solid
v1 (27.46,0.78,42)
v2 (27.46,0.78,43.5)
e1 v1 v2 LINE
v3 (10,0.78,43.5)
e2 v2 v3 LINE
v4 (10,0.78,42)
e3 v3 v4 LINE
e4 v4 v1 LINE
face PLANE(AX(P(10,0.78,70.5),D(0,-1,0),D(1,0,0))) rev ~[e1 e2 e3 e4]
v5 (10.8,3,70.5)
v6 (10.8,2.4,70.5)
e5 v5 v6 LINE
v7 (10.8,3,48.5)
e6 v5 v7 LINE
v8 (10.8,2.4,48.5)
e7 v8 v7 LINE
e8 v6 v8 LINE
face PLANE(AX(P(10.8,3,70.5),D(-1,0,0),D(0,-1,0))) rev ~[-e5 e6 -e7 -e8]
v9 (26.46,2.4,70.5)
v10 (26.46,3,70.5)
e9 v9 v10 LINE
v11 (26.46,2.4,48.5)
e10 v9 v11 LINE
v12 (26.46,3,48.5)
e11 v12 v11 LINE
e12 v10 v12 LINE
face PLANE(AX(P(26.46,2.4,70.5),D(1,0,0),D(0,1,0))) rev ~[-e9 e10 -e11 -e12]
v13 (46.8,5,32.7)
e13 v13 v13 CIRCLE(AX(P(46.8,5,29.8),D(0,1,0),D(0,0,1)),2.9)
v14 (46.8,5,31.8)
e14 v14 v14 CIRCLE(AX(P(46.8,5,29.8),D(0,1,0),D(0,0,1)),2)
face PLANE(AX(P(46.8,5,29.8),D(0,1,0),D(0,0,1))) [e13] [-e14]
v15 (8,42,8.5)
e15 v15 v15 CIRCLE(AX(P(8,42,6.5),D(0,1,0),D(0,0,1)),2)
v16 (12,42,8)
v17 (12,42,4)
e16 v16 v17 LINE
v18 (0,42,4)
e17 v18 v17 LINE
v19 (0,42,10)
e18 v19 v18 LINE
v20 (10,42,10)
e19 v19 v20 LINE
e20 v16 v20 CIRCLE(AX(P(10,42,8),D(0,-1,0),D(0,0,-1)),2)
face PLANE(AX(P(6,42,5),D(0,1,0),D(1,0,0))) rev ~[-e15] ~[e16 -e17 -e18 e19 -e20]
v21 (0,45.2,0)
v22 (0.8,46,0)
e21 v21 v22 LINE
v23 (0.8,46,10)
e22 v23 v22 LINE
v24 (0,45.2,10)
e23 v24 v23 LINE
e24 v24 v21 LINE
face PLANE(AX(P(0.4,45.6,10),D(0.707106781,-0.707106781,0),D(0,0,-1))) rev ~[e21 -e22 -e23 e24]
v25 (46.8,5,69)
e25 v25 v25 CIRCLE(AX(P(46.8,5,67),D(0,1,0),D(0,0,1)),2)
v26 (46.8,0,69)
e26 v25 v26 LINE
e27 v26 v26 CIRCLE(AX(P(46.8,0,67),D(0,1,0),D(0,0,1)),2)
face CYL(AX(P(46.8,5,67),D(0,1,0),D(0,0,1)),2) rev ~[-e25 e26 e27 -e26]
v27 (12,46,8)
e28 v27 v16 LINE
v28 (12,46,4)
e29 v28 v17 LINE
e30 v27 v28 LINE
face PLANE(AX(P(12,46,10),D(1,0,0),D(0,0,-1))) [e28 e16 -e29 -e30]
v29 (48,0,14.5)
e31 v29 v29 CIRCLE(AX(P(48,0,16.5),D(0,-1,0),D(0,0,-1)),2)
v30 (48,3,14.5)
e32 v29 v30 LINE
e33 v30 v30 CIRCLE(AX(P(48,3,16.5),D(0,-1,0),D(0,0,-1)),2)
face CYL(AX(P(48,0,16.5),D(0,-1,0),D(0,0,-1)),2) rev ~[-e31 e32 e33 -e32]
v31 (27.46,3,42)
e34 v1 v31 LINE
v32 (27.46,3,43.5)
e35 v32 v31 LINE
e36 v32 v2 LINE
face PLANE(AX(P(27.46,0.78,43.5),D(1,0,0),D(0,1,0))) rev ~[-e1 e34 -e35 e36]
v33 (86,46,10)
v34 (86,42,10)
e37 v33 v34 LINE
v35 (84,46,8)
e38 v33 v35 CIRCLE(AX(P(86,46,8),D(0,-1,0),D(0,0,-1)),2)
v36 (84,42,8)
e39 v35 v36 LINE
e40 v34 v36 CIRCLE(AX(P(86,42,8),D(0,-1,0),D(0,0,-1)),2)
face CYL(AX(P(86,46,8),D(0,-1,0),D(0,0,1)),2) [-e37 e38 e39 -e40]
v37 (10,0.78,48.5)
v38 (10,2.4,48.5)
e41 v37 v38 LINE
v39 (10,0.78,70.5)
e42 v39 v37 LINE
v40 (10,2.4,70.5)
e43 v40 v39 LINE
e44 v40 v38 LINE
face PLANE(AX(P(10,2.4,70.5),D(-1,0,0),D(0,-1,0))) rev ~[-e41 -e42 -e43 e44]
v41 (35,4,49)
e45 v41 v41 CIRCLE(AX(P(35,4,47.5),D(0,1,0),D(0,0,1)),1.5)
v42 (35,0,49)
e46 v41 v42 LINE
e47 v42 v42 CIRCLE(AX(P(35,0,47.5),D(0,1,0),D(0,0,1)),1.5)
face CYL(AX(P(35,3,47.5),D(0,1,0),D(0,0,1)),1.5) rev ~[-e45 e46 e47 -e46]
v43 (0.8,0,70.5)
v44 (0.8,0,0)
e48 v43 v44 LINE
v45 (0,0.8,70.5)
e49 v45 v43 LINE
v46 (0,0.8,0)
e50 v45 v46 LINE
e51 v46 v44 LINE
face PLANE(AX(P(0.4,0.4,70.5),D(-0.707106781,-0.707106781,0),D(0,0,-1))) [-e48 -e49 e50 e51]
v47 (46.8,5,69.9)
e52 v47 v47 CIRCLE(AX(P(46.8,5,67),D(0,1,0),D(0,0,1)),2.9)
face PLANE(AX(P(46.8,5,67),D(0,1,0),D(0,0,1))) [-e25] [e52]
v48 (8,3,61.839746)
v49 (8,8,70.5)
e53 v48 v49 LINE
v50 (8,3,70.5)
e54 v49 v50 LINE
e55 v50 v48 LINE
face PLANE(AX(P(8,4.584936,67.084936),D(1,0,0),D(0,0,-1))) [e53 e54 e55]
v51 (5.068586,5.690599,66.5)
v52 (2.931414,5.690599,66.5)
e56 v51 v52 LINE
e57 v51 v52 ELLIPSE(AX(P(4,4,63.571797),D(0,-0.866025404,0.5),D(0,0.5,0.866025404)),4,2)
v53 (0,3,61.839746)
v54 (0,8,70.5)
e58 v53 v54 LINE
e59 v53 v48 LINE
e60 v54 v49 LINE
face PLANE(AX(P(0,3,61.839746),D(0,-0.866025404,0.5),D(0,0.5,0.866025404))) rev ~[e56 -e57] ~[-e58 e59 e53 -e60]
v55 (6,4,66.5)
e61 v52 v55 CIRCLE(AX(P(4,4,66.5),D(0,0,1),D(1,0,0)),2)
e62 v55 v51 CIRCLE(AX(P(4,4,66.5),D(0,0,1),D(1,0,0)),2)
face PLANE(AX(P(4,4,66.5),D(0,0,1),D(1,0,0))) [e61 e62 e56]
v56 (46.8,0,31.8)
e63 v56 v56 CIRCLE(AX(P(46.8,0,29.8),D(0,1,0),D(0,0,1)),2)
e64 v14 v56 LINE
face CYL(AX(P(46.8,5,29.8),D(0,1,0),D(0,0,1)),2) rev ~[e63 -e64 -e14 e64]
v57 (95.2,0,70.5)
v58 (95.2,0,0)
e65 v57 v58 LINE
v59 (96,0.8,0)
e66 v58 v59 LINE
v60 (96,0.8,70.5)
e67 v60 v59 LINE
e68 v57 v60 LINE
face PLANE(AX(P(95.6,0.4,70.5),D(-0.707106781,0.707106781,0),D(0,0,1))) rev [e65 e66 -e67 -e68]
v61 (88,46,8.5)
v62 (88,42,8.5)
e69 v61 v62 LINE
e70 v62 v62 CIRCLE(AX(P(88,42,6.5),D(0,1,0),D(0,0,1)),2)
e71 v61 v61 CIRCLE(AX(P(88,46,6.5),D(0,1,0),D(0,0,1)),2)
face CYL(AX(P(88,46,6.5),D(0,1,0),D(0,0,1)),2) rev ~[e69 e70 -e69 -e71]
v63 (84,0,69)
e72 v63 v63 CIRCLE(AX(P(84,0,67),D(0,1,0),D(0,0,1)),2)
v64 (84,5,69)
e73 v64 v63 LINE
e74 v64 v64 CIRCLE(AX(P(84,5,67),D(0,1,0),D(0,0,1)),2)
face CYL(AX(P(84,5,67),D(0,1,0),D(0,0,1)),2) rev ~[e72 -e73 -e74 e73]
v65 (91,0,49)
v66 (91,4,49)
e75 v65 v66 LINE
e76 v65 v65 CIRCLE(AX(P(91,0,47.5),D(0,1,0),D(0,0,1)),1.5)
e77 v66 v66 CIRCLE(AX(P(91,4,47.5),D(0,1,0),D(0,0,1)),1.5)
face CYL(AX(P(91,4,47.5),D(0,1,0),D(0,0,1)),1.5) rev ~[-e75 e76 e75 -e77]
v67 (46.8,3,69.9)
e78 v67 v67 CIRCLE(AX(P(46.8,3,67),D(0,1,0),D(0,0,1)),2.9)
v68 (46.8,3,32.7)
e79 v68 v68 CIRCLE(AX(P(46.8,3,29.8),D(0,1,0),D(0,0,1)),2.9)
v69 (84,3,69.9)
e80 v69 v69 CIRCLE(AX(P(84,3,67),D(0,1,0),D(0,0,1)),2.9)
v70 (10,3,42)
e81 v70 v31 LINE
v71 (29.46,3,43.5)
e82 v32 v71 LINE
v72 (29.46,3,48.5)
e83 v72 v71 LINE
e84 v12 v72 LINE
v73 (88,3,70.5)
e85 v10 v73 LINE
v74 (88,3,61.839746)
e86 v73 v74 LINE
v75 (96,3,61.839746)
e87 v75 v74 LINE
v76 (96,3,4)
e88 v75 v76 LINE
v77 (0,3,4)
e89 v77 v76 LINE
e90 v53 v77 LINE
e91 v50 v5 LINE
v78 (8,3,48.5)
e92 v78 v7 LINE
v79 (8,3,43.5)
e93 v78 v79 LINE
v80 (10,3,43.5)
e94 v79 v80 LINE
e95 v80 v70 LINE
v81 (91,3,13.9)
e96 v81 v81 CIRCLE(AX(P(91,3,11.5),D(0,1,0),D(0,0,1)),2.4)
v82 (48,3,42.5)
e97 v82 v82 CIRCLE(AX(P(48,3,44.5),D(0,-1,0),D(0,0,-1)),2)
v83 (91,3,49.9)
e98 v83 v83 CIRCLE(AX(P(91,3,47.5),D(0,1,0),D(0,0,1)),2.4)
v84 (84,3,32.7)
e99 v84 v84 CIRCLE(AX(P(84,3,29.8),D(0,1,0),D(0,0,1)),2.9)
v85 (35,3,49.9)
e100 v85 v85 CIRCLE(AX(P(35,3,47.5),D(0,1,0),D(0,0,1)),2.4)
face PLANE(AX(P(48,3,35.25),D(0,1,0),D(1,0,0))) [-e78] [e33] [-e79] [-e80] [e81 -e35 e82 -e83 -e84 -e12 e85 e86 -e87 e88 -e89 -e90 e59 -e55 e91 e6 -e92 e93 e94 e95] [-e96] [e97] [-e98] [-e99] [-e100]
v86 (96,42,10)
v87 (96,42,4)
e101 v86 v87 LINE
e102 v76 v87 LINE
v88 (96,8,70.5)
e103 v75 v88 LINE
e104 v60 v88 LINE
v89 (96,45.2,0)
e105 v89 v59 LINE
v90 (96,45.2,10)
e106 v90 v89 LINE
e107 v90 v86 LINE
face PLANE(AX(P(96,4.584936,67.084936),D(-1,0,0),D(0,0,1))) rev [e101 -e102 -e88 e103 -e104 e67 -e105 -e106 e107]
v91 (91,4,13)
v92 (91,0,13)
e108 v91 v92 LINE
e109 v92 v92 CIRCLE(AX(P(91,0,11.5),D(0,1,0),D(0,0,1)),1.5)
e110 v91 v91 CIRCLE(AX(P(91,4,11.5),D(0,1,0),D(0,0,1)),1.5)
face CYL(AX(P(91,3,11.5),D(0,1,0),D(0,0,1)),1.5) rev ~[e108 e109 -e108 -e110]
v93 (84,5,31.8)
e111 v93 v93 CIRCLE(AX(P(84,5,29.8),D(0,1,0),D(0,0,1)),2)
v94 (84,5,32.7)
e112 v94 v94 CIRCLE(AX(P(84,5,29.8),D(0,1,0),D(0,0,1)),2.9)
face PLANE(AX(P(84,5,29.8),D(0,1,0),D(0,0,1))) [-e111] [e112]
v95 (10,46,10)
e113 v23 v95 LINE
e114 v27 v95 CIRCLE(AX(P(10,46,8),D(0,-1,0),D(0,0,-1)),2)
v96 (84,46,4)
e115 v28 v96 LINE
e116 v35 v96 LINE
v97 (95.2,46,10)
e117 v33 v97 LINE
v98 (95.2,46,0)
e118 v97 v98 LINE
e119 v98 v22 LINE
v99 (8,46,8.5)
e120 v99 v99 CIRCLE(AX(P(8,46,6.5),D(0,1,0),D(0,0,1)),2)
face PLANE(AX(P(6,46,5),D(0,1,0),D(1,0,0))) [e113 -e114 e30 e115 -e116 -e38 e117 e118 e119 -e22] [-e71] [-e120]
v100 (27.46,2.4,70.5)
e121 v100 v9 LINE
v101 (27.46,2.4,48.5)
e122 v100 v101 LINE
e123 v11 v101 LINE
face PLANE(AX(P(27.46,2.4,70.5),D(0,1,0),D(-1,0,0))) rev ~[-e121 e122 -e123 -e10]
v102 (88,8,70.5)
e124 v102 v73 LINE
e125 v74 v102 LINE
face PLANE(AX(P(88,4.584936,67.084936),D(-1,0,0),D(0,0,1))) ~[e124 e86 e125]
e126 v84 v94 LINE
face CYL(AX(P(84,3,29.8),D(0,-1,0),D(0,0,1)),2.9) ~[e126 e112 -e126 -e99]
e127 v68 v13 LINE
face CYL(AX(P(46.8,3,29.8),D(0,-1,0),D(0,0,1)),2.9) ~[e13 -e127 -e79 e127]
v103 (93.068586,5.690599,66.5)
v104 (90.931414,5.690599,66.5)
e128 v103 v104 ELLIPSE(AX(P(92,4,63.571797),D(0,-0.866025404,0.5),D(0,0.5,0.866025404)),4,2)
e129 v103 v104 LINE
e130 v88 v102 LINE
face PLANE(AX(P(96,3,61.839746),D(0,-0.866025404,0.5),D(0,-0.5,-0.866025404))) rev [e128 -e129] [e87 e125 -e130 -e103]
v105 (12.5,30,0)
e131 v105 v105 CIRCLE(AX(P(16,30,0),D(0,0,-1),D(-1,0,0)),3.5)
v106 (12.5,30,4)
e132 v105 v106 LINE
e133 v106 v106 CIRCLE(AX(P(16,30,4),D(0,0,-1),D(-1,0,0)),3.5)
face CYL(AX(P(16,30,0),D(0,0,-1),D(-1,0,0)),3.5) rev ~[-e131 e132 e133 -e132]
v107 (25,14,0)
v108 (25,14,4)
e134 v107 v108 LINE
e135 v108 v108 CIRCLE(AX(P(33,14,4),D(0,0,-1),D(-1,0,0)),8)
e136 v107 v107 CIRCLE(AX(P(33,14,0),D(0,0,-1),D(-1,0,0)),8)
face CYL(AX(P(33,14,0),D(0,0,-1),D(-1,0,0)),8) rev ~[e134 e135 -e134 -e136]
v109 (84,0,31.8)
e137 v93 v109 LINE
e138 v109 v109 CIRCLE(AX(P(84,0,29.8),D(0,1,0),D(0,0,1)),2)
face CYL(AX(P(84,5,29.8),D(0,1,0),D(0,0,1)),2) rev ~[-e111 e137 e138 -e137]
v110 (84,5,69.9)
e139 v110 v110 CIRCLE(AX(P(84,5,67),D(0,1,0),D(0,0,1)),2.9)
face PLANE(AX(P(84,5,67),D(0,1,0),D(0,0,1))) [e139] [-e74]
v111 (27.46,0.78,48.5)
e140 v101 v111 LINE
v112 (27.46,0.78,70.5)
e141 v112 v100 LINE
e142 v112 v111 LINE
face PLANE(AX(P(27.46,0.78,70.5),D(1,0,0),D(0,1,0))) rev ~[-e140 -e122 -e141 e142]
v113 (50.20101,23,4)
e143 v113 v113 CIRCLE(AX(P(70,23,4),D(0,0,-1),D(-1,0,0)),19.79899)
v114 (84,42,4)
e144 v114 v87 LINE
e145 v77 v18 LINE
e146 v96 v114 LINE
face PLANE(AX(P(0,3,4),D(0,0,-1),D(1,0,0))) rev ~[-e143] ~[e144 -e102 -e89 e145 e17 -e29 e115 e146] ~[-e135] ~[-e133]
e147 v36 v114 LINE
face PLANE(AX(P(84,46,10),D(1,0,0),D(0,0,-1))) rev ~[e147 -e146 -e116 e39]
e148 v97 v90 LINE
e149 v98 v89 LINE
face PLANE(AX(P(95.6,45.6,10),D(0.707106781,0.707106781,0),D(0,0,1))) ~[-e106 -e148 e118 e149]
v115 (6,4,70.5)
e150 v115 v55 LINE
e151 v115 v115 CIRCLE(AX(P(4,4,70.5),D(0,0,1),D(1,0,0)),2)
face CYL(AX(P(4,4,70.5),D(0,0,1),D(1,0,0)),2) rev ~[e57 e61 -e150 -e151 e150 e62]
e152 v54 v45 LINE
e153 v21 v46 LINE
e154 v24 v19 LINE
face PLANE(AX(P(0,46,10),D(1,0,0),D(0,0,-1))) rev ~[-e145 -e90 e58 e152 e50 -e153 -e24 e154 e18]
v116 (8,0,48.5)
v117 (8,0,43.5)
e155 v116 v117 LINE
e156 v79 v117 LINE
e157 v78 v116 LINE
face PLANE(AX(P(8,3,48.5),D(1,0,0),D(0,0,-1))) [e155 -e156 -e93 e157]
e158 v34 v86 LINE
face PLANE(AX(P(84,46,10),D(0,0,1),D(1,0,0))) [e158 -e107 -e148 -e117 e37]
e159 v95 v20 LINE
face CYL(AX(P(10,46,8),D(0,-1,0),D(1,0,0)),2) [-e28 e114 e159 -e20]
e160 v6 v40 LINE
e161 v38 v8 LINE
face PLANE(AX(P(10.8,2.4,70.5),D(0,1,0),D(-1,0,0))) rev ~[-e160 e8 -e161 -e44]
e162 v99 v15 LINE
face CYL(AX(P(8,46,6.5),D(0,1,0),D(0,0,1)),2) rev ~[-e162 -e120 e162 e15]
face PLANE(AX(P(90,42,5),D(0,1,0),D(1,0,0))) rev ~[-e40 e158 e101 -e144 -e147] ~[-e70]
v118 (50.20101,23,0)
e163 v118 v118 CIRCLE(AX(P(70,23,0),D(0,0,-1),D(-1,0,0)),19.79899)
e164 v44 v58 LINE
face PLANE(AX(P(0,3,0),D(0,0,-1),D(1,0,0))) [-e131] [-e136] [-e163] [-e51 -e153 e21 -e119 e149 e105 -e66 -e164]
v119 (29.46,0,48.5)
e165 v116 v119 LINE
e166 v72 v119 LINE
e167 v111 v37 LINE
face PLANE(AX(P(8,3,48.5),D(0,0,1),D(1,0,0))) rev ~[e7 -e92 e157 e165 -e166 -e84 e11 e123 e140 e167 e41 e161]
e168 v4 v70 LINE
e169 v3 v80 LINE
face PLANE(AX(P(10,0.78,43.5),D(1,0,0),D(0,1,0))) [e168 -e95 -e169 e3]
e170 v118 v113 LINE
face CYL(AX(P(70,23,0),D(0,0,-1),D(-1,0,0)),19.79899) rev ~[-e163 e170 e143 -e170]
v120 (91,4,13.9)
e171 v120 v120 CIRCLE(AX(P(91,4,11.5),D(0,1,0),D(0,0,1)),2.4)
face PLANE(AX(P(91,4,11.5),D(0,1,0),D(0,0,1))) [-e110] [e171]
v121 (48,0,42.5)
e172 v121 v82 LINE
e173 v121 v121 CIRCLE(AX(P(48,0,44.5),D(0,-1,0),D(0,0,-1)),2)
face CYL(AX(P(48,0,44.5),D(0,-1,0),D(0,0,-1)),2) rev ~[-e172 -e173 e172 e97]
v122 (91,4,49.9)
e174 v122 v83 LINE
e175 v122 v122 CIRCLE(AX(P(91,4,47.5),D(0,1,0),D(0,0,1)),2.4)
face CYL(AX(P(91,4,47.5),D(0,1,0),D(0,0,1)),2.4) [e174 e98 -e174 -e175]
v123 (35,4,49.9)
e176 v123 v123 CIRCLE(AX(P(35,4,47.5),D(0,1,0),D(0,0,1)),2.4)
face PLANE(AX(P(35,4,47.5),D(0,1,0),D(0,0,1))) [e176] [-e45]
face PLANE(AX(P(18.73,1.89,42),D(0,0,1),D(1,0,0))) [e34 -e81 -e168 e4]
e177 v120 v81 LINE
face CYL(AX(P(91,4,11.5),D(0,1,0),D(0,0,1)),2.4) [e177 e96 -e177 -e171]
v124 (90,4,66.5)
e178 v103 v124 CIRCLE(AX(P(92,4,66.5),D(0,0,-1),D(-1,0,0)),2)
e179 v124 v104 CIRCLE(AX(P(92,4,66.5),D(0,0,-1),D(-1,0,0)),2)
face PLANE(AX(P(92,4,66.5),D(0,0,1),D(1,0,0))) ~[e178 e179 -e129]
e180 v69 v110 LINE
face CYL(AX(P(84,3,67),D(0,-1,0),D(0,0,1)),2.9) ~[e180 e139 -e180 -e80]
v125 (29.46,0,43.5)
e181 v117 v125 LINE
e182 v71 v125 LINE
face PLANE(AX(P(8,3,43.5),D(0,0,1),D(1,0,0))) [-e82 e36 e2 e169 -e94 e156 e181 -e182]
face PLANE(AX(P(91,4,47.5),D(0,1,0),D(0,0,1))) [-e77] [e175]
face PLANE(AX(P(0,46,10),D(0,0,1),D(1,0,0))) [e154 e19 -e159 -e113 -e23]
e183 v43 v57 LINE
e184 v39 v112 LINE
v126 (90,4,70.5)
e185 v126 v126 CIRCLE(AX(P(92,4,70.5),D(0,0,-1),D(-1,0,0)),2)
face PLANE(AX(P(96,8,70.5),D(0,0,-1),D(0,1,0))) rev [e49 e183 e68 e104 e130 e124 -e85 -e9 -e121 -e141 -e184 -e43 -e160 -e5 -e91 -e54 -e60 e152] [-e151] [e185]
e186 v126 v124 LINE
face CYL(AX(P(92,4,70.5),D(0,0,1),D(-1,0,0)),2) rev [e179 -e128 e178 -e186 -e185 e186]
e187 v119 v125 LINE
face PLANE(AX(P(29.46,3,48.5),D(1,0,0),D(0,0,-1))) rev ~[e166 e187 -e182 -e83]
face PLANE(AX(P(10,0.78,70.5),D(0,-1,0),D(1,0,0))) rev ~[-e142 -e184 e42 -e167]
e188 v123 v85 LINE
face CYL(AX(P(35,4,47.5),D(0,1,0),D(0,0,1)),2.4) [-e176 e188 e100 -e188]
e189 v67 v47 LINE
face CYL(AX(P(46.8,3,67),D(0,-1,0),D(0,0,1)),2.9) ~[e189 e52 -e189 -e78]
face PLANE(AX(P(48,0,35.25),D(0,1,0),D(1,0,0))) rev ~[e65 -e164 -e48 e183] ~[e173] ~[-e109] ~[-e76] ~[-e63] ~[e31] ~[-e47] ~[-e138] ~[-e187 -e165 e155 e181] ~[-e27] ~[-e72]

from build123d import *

# Parameters (mm, degrees)
SKETCH1_W           = 96
SKETCH1_H           = 70.5
BOSS_EXTRUDE1_DEPTH = 3
SKETCH2_W           = 96
SKETCH2_H           = 4
BOSS_EXTRUDE2_DEPTH = 43
SKETCH3_R           = 19.798989873
CUT_EXTRUDE1_DEPTH  = 128.680264724
SKETCH4_R           = 8
SKETCH4_R_2         = 3.5
CUT_EXTRUDE2_DEPTH  = 128.680264724
BOSS_EXTRUDE3_DEPTH = 8
SKETCH6_R           = 2
CUT_EXTRUDE3_DEPTH  = 4
SKETCH7_W           = 12
SKETCH7_H           = 10
BOSS_EXTRUDE4_DEPTH = 4
SKETCH8_R           = 2
CUT_EXTRUDE4_DEPTH  = 8
CHAMFER1_SIZE       = 0.8
SKETCH9_R           = 2
CUT_EXTRUDE5_DEPTH  = 8
SKETCH10_R          = 2.9
BOSS_EXTRUDE5_DEPTH = 2
SKETCH11_R          = 2
CUT_EXTRUDE6_DEPTH  = 126.965272992
CUT_EXTRUDE7_DEPTH  = 28
SKETCH13_W          = 21.46
SKETCH13_H          = 5
CUT_EXTRUDE8_DEPTH  = 127.630367606
SKETCH14_W          = 17.46
SKETCH14_H          = 2.22
CUT_EXTRUDE9_DEPTH  = 1.5
SKETCH15_R          = 1.5
CUT_EXTRUDE10_DEPTH = 127.630367606
BOSS_EXTRUDE6_START = 1
SKETCH16_R          = 2.4
SKETCH16_R_2        = 1.5
BOSS_EXTRUDE6_DEPTH = 1
FILLET1_R           = 2


with BuildPart() as part:
    # Sketch1 → Boss-Extrude1 (new body)
    with BuildSketch(Plane(origin=(0, 0, 0), x_dir=(1, 0, 0), z_dir=(0, 1, 0))):
        with Locations((48, -35.25)):
            Rectangle(SKETCH1_W, SKETCH1_H)
    extrude(amount=BOSS_EXTRUDE1_DEPTH)

    # Sketch2 → Boss-Extrude2 (add)
    with BuildSketch(Plane(origin=(0, 3, 0), x_dir=(1, 0, 0), z_dir=(0, 1, 0))):
        with Locations((48, -2)):
            Rectangle(SKETCH2_W, SKETCH2_H)
    extrude(amount=BOSS_EXTRUDE2_DEPTH)

    # Sketch3 → Cut-Extrude1 (cut, through all)
    with BuildSketch(Plane(origin=(0, 0, 0), x_dir=(-1, 0, 0), z_dir=(0, 0, -1))):
        with Locations((-70, 23)):
            Circle(SKETCH3_R)
    extrude(amount=-CUT_EXTRUDE1_DEPTH, mode=Mode.SUBTRACT)

    # Sketch4 → Cut-Extrude2 (cut, through all)
    with BuildSketch(Plane(origin=(0, 0, 0), x_dir=(-1, 0, 0), z_dir=(0, 0, -1))):
        with Locations((-33, 14)):
            Circle(SKETCH4_R)
        with Locations((-16, 30)):
            Circle(SKETCH4_R_2)
    extrude(amount=-CUT_EXTRUDE2_DEPTH, mode=Mode.SUBTRACT)

    # Sketch5 → Boss-Extrude3 (add)
    with BuildSketch(Plane.ZY):
        Polygon((61.839745962, 3), (70.5, 8), (70.5, 3), align=None)
    boss_extrude3 = extrude(amount=-BOSS_EXTRUDE3_DEPTH)

    # Sketch6 → Cut-Extrude3 (cut)
    with BuildSketch(Plane.XY.offset(70.5)):
        with Locations((4, 4)):
            Circle(SKETCH6_R)
    cut_extrude3 = extrude(amount=-CUT_EXTRUDE3_DEPTH, mode=Mode.SUBTRACT)

    # Mirror1: Boss-Extrude3, Cut-Extrude3 across plane
    add(boss_extrude3.mirror(Plane(origin=(48, 0, 0), x_dir=(0, 0, 1), z_dir=(1, 0, 0))))
    add(cut_extrude3.mirror(Plane(origin=(48, 0, 0), x_dir=(0, 0, 1), z_dir=(1, 0, 0))), mode=Mode.SUBTRACT)

    # Sketch7 → Boss-Extrude4 (add)
    with BuildSketch(Plane(origin=(0, 46, 0), x_dir=(1, 0, 0), z_dir=(0, 1, 0))):
        with Locations((6, -5)):
            Rectangle(SKETCH7_W, SKETCH7_H)
        with Locations((90, -5)):
            Rectangle(SKETCH7_W, SKETCH7_H)
    extrude(amount=-BOSS_EXTRUDE4_DEPTH)

    # Sketch8 → Cut-Extrude4 (cut)
    with BuildSketch(Plane(origin=(0, 46, 0), x_dir=(1, 0, 0), z_dir=(0, 1, 0))):
        with Locations((8, -6.5)):
            Circle(SKETCH8_R)
        with Locations((88, -6.5)):
            Circle(SKETCH8_R)
    extrude(amount=-CUT_EXTRUDE4_DEPTH, mode=Mode.SUBTRACT)

    # Chamfer1
    chamfer1_edges = [part.edges().sort_by_distance(p)[0] for p in [
        (0, 0, 35.25),
        (0, 46, 5),
        (96, 46, 5),
        (96, 0, 35.25),
    ]]
    chamfer(chamfer1_edges, length=CHAMFER1_SIZE)

    # Sketch9 → Cut-Extrude5 (cut)
    with BuildSketch(Plane.XZ):
        with Locations((48, 16.5)):
            Circle(SKETCH9_R)
        with Locations((48, 44.5)):
            Circle(SKETCH9_R)
    extrude(amount=-CUT_EXTRUDE5_DEPTH, mode=Mode.SUBTRACT)

    # Sketch10 → Boss-Extrude5 (add)
    with BuildSketch(Plane(origin=(0, 3, 0), x_dir=(1, 0, 0), z_dir=(0, 1, 0))):
        with Locations((84, -67)):
            Circle(SKETCH10_R)
        with Locations((46.8, -67)):
            Circle(SKETCH10_R)
        with Locations((46.8, -29.8)):
            Circle(SKETCH10_R)
        with Locations((84, -29.8)):
            Circle(SKETCH10_R)
    extrude(amount=BOSS_EXTRUDE5_DEPTH)

    # Sketch11 → Cut-Extrude6 (cut, through all)
    with BuildSketch(Plane(origin=(0, 5, 0), x_dir=(1, 0, 0), z_dir=(0, 1, 0))):
        with Locations((46.8, -67)):
            Circle(SKETCH11_R)
        with Locations((84, -67)):
            Circle(SKETCH11_R)
        with Locations((84, -29.8)):
            Circle(SKETCH11_R)
        with Locations((46.8, -29.8)):
            Circle(SKETCH11_R)
    extrude(amount=-CUT_EXTRUDE6_DEPTH, mode=Mode.SUBTRACT)

    # Sketch12 → Cut-Extrude7 (cut)
    with BuildSketch(Plane.XY.offset(70.5)):
        Polygon((10.8, 3), (10.8, 2.4), (10, 2.4), (10, 0.78), (27.46, 0.78), (27.46, 2.4), (26.46, 2.4), (26.46, 3), align=None)
    extrude(amount=-CUT_EXTRUDE7_DEPTH, mode=Mode.SUBTRACT)

    # Sketch13 → Cut-Extrude8 (cut, through all)
    with BuildSketch(Plane(origin=(0, 3, 0), x_dir=(1, 0, 0), z_dir=(0, 1, 0))):
        with Locations((18.73, -46)):
            Rectangle(SKETCH13_W, SKETCH13_H)
    extrude(amount=-CUT_EXTRUDE8_DEPTH, mode=Mode.SUBTRACT)

    # Sketch14 → Cut-Extrude9 (cut)
    with BuildSketch(Plane.XY.offset(43.5)):
        with Locations((18.73, 1.89)):
            Rectangle(SKETCH14_W, SKETCH14_H)
    extrude(amount=-CUT_EXTRUDE9_DEPTH, mode=Mode.SUBTRACT)

    # Sketch15 → Cut-Extrude10 (cut, through all)
    with BuildSketch(Plane(origin=(0, 3, 0), x_dir=(1, 0, 0), z_dir=(0, 1, 0))):
        with Locations((91, -47.5)):
            Circle(SKETCH15_R)
        with Locations((35, -47.5)):
            Circle(SKETCH15_R)
        with Locations((91, -11.5)):
            Circle(SKETCH15_R)
    extrude(amount=-CUT_EXTRUDE10_DEPTH, mode=Mode.SUBTRACT)

    # Sketch16 → Boss-Extrude6 (add)
    # profile 1 of 3: a face of its own
    with BuildSketch(Plane(origin=(0, 3, 0), x_dir=(1, 0, 0), z_dir=(0, 1, 0)).offset(BOSS_EXTRUDE6_START)):
        with Locations((91, -47.5)):
            Circle(SKETCH16_R)
        with Locations((91, -47.5)):
            Circle(SKETCH16_R_2, mode=Mode.SUBTRACT)
    # profile 2 of 3: a face of its own
    with BuildSketch(Plane(origin=(0, 3, 0), x_dir=(1, 0, 0), z_dir=(0, 1, 0)).offset(BOSS_EXTRUDE6_START)):
        with Locations((91, -11.5)):
            Circle(SKETCH16_R)
        with Locations((91, -11.5)):
            Circle(SKETCH16_R_2, mode=Mode.SUBTRACT)
    # profile 3 of 3: a face of its own
    with BuildSketch(Plane(origin=(0, 3, 0), x_dir=(1, 0, 0), z_dir=(0, 1, 0)).offset(BOSS_EXTRUDE6_START)):
        with Locations((35, -47.5)):
            Circle(SKETCH16_R)
        with Locations((35, -47.5)):
            Circle(SKETCH16_R_2, mode=Mode.SUBTRACT)
    extrude(amount=-BOSS_EXTRUDE6_DEPTH)

    # Fillet1
    fillet1_edges = [part.edges().sort_by_distance(p)[0] for p in [
        (84, 44, 10),
        (12, 44, 10),
    ]]
    fillet(fillet1_edges, radius=FILLET1_R)


solid = part.part
